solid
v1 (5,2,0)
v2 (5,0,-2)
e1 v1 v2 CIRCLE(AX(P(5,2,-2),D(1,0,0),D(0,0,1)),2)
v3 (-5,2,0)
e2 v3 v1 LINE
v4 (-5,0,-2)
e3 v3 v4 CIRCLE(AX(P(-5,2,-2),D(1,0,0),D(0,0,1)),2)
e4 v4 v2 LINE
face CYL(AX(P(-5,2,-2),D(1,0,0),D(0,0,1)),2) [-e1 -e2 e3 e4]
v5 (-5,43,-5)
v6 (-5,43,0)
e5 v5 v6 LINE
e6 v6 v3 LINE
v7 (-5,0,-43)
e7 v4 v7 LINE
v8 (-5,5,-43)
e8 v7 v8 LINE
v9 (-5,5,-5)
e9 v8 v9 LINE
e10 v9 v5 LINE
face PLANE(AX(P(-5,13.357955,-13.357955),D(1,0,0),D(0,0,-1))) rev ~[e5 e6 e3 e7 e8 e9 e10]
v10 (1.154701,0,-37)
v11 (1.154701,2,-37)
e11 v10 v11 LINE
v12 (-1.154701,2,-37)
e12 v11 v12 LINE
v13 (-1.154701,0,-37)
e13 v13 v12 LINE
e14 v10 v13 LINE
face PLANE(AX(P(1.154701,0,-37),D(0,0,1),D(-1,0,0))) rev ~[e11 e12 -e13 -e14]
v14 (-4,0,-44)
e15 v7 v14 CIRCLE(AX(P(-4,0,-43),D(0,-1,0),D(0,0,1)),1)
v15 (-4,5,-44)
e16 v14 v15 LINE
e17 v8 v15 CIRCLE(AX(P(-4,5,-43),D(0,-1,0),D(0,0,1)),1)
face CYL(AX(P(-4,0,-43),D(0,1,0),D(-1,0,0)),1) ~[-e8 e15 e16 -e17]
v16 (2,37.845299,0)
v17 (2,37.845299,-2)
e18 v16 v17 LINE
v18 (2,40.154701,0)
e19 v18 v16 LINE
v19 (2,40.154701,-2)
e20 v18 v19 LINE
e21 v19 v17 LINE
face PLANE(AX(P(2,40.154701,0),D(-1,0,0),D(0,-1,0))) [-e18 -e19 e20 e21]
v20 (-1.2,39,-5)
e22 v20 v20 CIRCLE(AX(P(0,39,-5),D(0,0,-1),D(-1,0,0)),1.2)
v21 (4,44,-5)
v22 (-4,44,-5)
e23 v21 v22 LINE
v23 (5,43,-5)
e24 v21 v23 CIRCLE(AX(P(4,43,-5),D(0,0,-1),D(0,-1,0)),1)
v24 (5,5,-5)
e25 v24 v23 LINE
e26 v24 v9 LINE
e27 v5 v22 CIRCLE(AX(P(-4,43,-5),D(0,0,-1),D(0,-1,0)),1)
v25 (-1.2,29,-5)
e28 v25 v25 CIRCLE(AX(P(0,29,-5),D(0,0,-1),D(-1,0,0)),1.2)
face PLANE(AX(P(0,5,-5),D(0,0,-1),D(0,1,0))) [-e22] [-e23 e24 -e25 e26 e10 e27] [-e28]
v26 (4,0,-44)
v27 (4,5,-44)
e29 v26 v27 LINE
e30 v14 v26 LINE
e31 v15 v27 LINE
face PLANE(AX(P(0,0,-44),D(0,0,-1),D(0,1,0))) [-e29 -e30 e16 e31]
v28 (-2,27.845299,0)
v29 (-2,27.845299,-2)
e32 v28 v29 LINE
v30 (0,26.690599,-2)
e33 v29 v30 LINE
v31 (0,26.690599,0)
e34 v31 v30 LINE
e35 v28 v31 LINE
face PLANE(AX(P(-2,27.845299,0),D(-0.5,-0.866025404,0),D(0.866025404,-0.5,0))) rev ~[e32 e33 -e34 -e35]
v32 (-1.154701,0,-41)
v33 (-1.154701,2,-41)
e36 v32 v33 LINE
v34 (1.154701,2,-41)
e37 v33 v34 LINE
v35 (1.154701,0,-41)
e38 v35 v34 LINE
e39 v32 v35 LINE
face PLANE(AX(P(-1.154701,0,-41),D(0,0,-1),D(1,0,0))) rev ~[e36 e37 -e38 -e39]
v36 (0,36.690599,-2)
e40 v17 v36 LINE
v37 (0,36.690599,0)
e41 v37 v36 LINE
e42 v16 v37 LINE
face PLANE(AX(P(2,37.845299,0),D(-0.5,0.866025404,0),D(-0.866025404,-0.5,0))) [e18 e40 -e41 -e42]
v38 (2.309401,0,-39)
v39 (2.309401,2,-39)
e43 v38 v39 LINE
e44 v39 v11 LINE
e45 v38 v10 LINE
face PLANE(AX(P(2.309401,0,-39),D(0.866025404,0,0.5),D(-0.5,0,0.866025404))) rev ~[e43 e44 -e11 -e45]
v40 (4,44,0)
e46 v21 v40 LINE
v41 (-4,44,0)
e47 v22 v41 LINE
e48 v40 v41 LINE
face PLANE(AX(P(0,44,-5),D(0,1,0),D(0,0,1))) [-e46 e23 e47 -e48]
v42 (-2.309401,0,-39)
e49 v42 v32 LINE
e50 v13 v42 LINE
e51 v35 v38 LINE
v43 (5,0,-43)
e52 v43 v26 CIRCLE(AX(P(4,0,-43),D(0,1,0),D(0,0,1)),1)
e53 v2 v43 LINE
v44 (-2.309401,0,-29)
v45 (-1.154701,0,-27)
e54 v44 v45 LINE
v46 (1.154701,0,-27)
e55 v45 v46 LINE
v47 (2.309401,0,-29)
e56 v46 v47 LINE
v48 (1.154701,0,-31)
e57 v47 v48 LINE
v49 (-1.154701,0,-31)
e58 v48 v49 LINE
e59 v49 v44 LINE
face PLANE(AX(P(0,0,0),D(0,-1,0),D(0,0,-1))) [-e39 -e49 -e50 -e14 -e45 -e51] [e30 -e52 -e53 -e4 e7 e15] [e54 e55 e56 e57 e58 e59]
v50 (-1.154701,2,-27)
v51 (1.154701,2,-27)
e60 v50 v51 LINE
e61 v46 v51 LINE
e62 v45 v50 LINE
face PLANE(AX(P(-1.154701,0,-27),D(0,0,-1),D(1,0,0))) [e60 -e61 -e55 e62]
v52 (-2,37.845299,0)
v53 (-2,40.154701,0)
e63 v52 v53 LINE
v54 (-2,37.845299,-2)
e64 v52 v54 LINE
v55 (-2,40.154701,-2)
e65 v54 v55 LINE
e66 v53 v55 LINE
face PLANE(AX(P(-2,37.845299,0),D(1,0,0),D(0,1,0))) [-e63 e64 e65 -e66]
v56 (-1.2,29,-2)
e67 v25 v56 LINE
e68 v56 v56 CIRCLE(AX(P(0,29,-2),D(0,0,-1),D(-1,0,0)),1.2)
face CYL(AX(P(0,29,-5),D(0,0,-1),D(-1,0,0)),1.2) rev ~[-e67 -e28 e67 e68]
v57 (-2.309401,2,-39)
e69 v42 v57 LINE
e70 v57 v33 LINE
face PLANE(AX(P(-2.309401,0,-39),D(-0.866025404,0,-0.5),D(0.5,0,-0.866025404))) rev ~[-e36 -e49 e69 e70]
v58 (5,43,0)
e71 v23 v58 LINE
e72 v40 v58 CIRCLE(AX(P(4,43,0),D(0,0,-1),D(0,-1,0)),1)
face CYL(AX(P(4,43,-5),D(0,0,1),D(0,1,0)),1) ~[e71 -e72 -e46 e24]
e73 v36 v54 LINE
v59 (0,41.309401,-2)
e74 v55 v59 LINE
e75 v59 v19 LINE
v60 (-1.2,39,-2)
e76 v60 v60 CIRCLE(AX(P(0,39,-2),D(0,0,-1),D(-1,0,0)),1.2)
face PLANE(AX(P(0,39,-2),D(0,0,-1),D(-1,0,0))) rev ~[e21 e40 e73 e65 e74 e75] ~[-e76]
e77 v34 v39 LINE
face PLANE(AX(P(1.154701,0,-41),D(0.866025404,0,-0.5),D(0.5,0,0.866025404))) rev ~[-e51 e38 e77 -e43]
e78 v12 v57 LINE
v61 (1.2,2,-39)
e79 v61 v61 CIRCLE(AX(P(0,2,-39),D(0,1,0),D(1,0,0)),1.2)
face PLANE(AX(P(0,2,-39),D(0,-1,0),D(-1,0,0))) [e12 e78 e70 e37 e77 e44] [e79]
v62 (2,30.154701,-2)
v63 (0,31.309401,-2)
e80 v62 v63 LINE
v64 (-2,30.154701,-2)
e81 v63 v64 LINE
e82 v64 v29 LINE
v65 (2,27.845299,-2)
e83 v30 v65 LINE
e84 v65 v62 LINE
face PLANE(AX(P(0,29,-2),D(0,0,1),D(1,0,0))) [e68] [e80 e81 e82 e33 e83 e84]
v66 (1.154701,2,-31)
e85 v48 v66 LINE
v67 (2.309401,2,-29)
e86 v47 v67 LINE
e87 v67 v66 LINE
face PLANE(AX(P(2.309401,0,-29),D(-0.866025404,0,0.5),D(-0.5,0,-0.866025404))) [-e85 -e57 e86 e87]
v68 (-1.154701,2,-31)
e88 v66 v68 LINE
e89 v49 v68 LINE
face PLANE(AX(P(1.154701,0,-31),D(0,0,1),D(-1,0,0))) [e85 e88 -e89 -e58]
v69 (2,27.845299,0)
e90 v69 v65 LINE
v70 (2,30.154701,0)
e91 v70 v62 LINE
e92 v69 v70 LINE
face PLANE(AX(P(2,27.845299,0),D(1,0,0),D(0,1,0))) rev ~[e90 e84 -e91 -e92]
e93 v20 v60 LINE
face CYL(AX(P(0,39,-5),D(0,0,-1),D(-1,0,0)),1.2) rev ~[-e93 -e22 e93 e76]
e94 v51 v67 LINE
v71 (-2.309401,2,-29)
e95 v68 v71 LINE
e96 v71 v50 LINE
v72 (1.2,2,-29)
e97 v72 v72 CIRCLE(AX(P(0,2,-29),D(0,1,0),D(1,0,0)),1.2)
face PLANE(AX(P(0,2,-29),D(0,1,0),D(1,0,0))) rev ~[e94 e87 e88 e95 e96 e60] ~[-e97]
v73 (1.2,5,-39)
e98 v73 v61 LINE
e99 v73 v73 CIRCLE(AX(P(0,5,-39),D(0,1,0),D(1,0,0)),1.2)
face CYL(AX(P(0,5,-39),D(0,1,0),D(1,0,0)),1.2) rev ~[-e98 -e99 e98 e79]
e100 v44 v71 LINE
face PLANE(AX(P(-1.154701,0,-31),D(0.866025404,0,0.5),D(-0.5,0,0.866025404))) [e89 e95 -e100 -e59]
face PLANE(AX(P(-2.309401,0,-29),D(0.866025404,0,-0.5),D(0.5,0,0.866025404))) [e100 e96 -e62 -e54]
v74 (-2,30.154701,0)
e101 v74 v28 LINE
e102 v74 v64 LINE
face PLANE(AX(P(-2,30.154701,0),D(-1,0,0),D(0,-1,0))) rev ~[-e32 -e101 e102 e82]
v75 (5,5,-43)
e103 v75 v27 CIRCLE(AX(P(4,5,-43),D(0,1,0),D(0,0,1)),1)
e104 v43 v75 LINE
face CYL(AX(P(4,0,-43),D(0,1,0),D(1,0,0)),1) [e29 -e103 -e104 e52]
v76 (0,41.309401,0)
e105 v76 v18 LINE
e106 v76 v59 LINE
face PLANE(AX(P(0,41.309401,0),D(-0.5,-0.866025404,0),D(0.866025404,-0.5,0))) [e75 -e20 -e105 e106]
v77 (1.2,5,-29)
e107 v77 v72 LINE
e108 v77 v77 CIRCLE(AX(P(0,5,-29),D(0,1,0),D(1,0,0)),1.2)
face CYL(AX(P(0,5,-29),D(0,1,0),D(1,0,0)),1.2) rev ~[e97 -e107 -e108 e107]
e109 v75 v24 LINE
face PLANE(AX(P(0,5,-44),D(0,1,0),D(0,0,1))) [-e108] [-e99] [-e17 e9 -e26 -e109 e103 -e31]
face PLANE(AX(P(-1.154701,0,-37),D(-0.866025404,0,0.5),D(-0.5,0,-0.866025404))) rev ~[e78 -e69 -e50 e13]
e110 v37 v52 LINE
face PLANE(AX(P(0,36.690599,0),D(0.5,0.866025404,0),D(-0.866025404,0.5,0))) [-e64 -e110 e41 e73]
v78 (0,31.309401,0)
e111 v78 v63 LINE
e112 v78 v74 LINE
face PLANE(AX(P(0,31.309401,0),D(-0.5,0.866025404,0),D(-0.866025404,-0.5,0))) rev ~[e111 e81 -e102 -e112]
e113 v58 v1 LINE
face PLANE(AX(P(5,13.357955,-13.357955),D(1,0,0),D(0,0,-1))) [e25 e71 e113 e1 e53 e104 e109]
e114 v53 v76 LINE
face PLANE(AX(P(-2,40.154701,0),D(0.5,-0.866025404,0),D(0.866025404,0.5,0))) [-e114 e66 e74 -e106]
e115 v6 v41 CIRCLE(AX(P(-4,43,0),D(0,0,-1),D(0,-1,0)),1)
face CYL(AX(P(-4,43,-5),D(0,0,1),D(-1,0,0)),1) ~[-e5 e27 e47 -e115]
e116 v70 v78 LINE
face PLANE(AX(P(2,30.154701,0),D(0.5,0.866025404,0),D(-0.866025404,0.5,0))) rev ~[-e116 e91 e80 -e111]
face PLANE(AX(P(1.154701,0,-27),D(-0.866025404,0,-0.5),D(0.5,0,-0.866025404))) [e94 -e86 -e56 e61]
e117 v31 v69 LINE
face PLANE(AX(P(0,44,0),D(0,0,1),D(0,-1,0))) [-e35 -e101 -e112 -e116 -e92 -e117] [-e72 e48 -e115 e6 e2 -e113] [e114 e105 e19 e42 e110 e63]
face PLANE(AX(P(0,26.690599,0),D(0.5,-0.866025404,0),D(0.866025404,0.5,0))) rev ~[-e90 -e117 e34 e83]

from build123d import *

# Parameters (mm, degrees)
EXTRUDE_1_DEPTH      = 5
EXTRUDE_1_DEPTH_BACK = 5
SKETCH_2_R           = 1.2
CUT_EXTRUDE_1_DEPTH  = 60.008473968
SKETCH_3_R           = 1.2
CUT_EXTRUDE_2_DEPTH  = 60.008473968
FILLET_1_R           = 1
FILLET_2_R           = 2
CUT_EXTRUDE1_DEPTH   = 2
CUT_EXTRUDE2_DEPTH   = 2


with BuildPart() as part:
    # Эскиз1 → Бобышка-Вытянуть1 (new, two sides: drawn at the far end of the back side and taken through both)
    with BuildSketch(Plane(origin=(0, 0, 0), x_dir=(0, 0, -1), z_dir=(1, 0, 0)).offset(-EXTRUDE_1_DEPTH_BACK)):
        Polygon((0, 44), (0, 0), (44, 0), (44, 5), (5, 5), (5, 44), align=None)
    extrude(amount=EXTRUDE_1_DEPTH + EXTRUDE_1_DEPTH_BACK)

    # Эскиз2 → Вырез-Вытянуть1 (cut, through all)
    with BuildSketch(Plane(origin=(0, 5, 0), x_dir=(1, 0, 0), z_dir=(0, 1, 0))):
        with Locations((0, 39)):
            Circle(SKETCH_2_R)
        with Locations((0, 29)):
            Circle(SKETCH_2_R)
    extrude(amount=-CUT_EXTRUDE_1_DEPTH, mode=Mode.SUBTRACT)

    # Эскиз3 → Вырез-Вытянуть2 (cut, through all)
    with BuildSketch(Plane(origin=(0, 0, -5), x_dir=(-1, 0, 0), z_dir=(0, 0, -1))):
        with Locations((0, 39)):
            Circle(SKETCH_3_R)
        with Locations((0, 29)):
            Circle(SKETCH_3_R)
    extrude(amount=-CUT_EXTRUDE_2_DEPTH, mode=Mode.SUBTRACT)

    # Скругление1
    fillet_1_edges = [part.edges().sort_by_distance(p)[0] for p in [
        (-5, 2.5, -44),
        (5, 2.5, -44),
        (5, 44, -2.5),
        (-5, 44, -2.5),
    ]]
    fillet(fillet_1_edges, radius=FILLET_1_R)

    # Скругление2
    fillet_2_edges = [part.edges().sort_by_distance(p)[0] for p in [
        (0, 0, 0),
    ]]
    fillet(fillet_2_edges, radius=FILLET_2_R)

    # Sketch1 → Cut-Extrude1 (cut)
    with BuildSketch(Plane(origin=(0, 0, 0), x_dir=(-1, 0, 0), z_dir=(0, 0, -1))):
        Polygon((2, 27.845299462), (0, 26.690598923), (-2, 27.845299462), (-2, 30.154700538), (0, 31.309401077), (2, 30.154700538), align=None)
        Polygon((0, 41.309401077), (-2, 40.154700538), (-2, 37.845299462), (0, 36.690598923), (2, 37.845299462), (2, 40.154700538), align=None)
    extrude(amount=CUT_EXTRUDE1_DEPTH, mode=Mode.SUBTRACT)

    # Sketch2 → Cut-Extrude2 (cut)
    with BuildSketch(Plane(origin=(0, 0, 0), x_dir=(1, 0, 0), z_dir=(0, 1, 0))):
        Polygon((2.309401077, 29), (1.154700538, 31), (-1.154700538, 31), (-2.309401077, 29), (-1.154700538, 27), (1.154700538, 27), align=None)
        Polygon((1.154700538, 41), (2.309401077, 39), (1.154700538, 37), (-1.154700538, 37), (-2.309401077, 39), (-1.154700538, 41), align=None)
    extrude(amount=CUT_EXTRUDE2_DEPTH, mode=Mode.SUBTRACT)


solid = part.part
